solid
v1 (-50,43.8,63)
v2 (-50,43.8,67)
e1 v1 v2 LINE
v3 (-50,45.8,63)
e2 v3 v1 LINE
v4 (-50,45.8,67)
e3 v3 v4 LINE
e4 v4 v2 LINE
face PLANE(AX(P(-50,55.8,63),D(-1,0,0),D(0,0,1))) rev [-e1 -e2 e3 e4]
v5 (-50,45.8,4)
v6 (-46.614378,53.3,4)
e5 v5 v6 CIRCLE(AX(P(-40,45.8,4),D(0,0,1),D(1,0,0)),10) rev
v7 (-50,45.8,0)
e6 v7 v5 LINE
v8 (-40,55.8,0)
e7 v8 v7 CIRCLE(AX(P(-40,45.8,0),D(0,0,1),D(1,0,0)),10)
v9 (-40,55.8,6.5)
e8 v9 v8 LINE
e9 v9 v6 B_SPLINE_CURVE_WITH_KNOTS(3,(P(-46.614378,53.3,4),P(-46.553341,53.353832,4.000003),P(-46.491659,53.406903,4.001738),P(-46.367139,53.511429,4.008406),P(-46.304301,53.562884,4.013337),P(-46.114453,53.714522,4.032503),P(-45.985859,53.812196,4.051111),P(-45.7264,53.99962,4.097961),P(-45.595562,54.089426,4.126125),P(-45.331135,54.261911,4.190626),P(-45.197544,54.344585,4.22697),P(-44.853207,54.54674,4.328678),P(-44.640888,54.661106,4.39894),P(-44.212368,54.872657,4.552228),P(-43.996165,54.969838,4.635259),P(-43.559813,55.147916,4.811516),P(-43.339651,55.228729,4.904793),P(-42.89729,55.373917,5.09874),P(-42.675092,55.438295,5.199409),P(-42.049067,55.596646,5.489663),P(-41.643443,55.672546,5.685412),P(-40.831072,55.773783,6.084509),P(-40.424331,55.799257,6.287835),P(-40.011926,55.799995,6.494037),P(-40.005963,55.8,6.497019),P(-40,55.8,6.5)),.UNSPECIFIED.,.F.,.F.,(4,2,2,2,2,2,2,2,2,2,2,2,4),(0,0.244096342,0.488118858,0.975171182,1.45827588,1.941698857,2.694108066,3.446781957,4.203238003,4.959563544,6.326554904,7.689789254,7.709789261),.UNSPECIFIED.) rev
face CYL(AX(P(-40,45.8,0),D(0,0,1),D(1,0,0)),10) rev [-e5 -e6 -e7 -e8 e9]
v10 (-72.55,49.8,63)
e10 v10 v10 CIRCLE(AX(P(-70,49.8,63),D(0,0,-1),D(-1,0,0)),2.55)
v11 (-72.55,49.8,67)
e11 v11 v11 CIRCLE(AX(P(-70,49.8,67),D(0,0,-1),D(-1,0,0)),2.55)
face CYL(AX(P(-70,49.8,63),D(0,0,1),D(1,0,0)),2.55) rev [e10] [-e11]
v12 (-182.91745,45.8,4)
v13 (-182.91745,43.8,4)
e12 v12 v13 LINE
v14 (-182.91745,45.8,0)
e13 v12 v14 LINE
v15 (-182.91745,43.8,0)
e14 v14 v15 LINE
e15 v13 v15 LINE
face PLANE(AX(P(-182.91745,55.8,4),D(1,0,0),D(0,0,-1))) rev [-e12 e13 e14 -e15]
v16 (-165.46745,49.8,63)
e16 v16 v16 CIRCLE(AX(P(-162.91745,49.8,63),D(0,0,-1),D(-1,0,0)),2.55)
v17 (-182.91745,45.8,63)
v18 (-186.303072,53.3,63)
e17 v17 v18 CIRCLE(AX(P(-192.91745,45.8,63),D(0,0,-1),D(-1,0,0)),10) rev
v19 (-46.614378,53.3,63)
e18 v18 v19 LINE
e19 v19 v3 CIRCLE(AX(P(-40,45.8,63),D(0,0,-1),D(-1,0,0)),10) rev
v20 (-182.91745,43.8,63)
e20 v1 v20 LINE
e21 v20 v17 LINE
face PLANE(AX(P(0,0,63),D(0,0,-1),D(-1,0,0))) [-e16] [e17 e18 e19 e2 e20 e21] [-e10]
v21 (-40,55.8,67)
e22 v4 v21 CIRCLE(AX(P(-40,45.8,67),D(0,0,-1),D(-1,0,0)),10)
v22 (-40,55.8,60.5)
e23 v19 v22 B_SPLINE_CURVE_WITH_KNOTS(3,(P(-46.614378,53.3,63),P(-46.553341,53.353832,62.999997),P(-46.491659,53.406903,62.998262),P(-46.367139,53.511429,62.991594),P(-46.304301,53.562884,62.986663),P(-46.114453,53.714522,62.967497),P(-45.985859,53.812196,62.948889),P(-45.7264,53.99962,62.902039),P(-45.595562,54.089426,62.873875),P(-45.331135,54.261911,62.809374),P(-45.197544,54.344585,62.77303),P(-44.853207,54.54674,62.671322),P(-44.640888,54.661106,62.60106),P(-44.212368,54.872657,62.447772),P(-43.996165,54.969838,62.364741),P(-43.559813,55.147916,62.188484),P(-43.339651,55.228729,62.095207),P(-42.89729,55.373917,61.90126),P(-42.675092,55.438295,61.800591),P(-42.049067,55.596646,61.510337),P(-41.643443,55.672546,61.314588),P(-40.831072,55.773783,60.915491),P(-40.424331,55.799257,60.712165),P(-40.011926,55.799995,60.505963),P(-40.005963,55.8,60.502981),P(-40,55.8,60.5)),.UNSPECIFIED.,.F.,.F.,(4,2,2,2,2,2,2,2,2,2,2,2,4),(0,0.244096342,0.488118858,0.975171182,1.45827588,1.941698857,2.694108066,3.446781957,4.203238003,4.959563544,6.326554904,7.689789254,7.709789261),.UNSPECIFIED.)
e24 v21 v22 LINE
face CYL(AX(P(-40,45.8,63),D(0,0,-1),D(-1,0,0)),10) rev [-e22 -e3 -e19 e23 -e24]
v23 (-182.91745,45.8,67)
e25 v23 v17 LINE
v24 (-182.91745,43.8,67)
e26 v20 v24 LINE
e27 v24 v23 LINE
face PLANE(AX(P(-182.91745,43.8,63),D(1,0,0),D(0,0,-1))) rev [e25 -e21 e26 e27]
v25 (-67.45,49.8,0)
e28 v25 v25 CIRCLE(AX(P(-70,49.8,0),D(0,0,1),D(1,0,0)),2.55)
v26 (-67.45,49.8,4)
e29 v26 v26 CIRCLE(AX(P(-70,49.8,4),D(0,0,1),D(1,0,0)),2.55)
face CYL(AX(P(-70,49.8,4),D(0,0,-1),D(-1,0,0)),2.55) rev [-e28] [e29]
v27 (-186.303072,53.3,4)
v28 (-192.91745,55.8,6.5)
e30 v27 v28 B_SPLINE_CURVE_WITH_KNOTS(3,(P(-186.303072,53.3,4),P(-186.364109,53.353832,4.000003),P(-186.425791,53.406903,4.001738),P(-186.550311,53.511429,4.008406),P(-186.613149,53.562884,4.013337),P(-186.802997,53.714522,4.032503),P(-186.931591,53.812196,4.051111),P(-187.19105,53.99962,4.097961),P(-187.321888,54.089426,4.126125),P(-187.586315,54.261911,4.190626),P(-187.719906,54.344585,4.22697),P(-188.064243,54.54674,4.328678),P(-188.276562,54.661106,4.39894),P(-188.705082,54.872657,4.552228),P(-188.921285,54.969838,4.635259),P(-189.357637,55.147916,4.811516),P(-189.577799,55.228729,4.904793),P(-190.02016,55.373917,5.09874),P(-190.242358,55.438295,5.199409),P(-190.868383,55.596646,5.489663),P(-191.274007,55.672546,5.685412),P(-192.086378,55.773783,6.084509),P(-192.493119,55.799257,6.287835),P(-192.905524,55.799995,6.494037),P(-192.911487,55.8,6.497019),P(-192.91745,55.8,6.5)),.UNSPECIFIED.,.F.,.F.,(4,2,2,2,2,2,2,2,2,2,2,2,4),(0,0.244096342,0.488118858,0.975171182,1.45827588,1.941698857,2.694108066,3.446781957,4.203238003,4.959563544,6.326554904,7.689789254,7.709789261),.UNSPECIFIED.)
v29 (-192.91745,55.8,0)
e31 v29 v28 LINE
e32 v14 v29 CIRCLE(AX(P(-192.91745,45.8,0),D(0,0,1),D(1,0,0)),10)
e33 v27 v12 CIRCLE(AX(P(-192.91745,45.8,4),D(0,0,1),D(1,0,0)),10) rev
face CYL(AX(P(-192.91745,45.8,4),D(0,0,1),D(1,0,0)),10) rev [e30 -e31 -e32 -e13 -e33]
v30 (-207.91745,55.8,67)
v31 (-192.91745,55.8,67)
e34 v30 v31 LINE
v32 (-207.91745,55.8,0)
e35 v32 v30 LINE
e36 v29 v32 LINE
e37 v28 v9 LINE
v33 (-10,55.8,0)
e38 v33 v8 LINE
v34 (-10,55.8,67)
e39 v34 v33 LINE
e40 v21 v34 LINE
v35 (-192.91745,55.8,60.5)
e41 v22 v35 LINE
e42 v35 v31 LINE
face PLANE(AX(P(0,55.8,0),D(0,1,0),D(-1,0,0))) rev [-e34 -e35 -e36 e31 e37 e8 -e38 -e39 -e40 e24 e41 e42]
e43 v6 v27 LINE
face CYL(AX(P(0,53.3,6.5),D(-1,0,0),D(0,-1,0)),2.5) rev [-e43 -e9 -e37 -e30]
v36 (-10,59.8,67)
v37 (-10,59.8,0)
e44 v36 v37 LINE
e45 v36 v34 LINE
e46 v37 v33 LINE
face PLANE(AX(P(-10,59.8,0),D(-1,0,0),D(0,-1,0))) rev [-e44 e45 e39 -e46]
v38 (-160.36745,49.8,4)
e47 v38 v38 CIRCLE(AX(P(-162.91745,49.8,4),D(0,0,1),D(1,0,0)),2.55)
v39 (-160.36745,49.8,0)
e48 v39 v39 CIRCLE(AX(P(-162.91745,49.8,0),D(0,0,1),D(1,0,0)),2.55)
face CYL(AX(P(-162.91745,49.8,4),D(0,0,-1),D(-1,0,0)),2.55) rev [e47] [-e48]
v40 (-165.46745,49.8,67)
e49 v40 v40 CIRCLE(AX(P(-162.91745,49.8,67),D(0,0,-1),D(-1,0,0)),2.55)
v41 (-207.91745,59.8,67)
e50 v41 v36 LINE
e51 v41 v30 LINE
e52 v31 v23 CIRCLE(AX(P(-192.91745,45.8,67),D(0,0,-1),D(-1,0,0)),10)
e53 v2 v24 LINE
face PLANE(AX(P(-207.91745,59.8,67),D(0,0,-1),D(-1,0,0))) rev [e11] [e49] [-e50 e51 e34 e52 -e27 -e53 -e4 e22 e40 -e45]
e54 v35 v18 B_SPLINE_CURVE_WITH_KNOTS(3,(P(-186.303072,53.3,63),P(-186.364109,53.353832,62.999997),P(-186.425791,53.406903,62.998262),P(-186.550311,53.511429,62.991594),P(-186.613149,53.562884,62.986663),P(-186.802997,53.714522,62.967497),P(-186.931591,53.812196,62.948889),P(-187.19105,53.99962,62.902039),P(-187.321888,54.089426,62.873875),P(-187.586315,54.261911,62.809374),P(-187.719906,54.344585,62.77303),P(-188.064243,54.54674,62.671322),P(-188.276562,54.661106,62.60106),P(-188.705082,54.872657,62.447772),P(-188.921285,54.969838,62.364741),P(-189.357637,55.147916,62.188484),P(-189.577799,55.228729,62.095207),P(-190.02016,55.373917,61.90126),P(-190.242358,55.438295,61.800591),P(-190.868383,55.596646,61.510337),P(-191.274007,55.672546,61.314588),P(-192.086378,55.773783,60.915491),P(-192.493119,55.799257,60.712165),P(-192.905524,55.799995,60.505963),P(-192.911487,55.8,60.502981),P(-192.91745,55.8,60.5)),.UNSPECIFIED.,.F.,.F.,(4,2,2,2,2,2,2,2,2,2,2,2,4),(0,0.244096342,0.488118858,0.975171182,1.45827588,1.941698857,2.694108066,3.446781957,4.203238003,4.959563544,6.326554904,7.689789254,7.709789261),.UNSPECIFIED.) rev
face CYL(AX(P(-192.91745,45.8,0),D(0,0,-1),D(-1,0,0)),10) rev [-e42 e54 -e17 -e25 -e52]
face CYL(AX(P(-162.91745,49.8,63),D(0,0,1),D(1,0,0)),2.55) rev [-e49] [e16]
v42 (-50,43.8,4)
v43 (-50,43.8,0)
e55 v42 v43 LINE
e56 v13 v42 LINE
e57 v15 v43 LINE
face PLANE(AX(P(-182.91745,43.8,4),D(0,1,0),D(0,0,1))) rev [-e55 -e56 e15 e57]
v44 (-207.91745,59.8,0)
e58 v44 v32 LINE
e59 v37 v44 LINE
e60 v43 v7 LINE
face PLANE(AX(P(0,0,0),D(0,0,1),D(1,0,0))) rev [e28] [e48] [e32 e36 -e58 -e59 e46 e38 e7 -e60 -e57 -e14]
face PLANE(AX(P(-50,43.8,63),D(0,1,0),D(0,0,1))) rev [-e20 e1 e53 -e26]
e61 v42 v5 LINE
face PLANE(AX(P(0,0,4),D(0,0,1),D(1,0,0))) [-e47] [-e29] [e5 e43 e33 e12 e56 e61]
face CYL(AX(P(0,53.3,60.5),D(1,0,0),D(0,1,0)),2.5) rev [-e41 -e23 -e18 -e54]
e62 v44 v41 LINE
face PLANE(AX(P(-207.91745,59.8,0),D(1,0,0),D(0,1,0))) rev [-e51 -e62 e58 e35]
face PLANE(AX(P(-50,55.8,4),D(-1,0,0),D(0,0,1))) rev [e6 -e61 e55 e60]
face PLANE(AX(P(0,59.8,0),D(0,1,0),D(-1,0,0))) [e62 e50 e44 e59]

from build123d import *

# Parameters (mm, degrees)
SKETCH1_W           = 132.917449813
SKETCH1_H           = 12
SKETCH1_R           = 2.55
BOSS_EXTRUDE1_DEPTH = 4
SKETCH2_W           = 197.917449813
SKETCH2_H           = 67
BOSS_EXTRUDE2_DEPTH = 4
BOSS_EXTRUDE3_START = 4
SKETCH3_W           = 132.917449813
SKETCH3_H           = 12
SKETCH3_R           = 2.55
BOSS_EXTRUDE3_DEPTH = 4
FILLET1_R           = 10
FILLET2_R           = 2.5


with BuildPart() as part:
    # Sketch1 → Boss-Extrude1 (new body)
    with BuildSketch(Plane.XY):
        with Locations((-116.458724907, 49.8)):
            Rectangle(SKETCH1_W, SKETCH1_H)
        with Locations((-162.917449813, 49.8)):
            Circle(SKETCH1_R, mode=Mode.SUBTRACT)
        with Locations((-70, 49.8)):
            Circle(SKETCH1_R, mode=Mode.SUBTRACT)
    extrude(amount=BOSS_EXTRUDE1_DEPTH)

    # Sketch2 → Boss-Extrude2 (add)
    with BuildSketch(Plane(origin=(0, 55.8, 0), x_dir=(1, 0, 0), z_dir=(0, 1, 0))):
        with Locations((-108.958724907, -33.5)):
            Rectangle(SKETCH2_W, SKETCH2_H)
    extrude(amount=BOSS_EXTRUDE2_DEPTH)

    # Sketch3 → Boss-Extrude3 (add)
    with BuildSketch(Plane(origin=(0, 0, 67), x_dir=(-1, 0, 0), z_dir=(0, 0, -1)).offset(BOSS_EXTRUDE3_START)):
        with Locations((116.458724907, 49.8)):
            Rectangle(SKETCH3_W, SKETCH3_H)
        with Locations(Location((162.917449813, 49.8, 0), (0, 0, 180))):
            Circle(SKETCH3_R, mode=Mode.SUBTRACT)
        with Locations(Location((70, 49.8, 0), (0, 0, 180))):
            Circle(SKETCH3_R, mode=Mode.SUBTRACT)
    extrude(amount=-BOSS_EXTRUDE3_DEPTH)

    # Fillet1
    fillet1_edges = [part.edges().sort_by_distance(p)[0] for p in [
        (-182.917449813, 55.8, 65),
        (-50, 55.8, 65),
        (-182.917449813, 55.8, 2),
        (-50, 55.8, 2),
    ]]
    fillet(fillet1_edges, radius=FILLET1_R)

    # Fillet2
    fillet2_edges = [part.edges().sort_by_distance(p)[0] for p in [
        (-116.458724906, 55.8, 4),
        (-116.458724906, 55.8, 63),
    ]]
    fillet(fillet2_edges, radius=FILLET2_R)


solid = part.part
